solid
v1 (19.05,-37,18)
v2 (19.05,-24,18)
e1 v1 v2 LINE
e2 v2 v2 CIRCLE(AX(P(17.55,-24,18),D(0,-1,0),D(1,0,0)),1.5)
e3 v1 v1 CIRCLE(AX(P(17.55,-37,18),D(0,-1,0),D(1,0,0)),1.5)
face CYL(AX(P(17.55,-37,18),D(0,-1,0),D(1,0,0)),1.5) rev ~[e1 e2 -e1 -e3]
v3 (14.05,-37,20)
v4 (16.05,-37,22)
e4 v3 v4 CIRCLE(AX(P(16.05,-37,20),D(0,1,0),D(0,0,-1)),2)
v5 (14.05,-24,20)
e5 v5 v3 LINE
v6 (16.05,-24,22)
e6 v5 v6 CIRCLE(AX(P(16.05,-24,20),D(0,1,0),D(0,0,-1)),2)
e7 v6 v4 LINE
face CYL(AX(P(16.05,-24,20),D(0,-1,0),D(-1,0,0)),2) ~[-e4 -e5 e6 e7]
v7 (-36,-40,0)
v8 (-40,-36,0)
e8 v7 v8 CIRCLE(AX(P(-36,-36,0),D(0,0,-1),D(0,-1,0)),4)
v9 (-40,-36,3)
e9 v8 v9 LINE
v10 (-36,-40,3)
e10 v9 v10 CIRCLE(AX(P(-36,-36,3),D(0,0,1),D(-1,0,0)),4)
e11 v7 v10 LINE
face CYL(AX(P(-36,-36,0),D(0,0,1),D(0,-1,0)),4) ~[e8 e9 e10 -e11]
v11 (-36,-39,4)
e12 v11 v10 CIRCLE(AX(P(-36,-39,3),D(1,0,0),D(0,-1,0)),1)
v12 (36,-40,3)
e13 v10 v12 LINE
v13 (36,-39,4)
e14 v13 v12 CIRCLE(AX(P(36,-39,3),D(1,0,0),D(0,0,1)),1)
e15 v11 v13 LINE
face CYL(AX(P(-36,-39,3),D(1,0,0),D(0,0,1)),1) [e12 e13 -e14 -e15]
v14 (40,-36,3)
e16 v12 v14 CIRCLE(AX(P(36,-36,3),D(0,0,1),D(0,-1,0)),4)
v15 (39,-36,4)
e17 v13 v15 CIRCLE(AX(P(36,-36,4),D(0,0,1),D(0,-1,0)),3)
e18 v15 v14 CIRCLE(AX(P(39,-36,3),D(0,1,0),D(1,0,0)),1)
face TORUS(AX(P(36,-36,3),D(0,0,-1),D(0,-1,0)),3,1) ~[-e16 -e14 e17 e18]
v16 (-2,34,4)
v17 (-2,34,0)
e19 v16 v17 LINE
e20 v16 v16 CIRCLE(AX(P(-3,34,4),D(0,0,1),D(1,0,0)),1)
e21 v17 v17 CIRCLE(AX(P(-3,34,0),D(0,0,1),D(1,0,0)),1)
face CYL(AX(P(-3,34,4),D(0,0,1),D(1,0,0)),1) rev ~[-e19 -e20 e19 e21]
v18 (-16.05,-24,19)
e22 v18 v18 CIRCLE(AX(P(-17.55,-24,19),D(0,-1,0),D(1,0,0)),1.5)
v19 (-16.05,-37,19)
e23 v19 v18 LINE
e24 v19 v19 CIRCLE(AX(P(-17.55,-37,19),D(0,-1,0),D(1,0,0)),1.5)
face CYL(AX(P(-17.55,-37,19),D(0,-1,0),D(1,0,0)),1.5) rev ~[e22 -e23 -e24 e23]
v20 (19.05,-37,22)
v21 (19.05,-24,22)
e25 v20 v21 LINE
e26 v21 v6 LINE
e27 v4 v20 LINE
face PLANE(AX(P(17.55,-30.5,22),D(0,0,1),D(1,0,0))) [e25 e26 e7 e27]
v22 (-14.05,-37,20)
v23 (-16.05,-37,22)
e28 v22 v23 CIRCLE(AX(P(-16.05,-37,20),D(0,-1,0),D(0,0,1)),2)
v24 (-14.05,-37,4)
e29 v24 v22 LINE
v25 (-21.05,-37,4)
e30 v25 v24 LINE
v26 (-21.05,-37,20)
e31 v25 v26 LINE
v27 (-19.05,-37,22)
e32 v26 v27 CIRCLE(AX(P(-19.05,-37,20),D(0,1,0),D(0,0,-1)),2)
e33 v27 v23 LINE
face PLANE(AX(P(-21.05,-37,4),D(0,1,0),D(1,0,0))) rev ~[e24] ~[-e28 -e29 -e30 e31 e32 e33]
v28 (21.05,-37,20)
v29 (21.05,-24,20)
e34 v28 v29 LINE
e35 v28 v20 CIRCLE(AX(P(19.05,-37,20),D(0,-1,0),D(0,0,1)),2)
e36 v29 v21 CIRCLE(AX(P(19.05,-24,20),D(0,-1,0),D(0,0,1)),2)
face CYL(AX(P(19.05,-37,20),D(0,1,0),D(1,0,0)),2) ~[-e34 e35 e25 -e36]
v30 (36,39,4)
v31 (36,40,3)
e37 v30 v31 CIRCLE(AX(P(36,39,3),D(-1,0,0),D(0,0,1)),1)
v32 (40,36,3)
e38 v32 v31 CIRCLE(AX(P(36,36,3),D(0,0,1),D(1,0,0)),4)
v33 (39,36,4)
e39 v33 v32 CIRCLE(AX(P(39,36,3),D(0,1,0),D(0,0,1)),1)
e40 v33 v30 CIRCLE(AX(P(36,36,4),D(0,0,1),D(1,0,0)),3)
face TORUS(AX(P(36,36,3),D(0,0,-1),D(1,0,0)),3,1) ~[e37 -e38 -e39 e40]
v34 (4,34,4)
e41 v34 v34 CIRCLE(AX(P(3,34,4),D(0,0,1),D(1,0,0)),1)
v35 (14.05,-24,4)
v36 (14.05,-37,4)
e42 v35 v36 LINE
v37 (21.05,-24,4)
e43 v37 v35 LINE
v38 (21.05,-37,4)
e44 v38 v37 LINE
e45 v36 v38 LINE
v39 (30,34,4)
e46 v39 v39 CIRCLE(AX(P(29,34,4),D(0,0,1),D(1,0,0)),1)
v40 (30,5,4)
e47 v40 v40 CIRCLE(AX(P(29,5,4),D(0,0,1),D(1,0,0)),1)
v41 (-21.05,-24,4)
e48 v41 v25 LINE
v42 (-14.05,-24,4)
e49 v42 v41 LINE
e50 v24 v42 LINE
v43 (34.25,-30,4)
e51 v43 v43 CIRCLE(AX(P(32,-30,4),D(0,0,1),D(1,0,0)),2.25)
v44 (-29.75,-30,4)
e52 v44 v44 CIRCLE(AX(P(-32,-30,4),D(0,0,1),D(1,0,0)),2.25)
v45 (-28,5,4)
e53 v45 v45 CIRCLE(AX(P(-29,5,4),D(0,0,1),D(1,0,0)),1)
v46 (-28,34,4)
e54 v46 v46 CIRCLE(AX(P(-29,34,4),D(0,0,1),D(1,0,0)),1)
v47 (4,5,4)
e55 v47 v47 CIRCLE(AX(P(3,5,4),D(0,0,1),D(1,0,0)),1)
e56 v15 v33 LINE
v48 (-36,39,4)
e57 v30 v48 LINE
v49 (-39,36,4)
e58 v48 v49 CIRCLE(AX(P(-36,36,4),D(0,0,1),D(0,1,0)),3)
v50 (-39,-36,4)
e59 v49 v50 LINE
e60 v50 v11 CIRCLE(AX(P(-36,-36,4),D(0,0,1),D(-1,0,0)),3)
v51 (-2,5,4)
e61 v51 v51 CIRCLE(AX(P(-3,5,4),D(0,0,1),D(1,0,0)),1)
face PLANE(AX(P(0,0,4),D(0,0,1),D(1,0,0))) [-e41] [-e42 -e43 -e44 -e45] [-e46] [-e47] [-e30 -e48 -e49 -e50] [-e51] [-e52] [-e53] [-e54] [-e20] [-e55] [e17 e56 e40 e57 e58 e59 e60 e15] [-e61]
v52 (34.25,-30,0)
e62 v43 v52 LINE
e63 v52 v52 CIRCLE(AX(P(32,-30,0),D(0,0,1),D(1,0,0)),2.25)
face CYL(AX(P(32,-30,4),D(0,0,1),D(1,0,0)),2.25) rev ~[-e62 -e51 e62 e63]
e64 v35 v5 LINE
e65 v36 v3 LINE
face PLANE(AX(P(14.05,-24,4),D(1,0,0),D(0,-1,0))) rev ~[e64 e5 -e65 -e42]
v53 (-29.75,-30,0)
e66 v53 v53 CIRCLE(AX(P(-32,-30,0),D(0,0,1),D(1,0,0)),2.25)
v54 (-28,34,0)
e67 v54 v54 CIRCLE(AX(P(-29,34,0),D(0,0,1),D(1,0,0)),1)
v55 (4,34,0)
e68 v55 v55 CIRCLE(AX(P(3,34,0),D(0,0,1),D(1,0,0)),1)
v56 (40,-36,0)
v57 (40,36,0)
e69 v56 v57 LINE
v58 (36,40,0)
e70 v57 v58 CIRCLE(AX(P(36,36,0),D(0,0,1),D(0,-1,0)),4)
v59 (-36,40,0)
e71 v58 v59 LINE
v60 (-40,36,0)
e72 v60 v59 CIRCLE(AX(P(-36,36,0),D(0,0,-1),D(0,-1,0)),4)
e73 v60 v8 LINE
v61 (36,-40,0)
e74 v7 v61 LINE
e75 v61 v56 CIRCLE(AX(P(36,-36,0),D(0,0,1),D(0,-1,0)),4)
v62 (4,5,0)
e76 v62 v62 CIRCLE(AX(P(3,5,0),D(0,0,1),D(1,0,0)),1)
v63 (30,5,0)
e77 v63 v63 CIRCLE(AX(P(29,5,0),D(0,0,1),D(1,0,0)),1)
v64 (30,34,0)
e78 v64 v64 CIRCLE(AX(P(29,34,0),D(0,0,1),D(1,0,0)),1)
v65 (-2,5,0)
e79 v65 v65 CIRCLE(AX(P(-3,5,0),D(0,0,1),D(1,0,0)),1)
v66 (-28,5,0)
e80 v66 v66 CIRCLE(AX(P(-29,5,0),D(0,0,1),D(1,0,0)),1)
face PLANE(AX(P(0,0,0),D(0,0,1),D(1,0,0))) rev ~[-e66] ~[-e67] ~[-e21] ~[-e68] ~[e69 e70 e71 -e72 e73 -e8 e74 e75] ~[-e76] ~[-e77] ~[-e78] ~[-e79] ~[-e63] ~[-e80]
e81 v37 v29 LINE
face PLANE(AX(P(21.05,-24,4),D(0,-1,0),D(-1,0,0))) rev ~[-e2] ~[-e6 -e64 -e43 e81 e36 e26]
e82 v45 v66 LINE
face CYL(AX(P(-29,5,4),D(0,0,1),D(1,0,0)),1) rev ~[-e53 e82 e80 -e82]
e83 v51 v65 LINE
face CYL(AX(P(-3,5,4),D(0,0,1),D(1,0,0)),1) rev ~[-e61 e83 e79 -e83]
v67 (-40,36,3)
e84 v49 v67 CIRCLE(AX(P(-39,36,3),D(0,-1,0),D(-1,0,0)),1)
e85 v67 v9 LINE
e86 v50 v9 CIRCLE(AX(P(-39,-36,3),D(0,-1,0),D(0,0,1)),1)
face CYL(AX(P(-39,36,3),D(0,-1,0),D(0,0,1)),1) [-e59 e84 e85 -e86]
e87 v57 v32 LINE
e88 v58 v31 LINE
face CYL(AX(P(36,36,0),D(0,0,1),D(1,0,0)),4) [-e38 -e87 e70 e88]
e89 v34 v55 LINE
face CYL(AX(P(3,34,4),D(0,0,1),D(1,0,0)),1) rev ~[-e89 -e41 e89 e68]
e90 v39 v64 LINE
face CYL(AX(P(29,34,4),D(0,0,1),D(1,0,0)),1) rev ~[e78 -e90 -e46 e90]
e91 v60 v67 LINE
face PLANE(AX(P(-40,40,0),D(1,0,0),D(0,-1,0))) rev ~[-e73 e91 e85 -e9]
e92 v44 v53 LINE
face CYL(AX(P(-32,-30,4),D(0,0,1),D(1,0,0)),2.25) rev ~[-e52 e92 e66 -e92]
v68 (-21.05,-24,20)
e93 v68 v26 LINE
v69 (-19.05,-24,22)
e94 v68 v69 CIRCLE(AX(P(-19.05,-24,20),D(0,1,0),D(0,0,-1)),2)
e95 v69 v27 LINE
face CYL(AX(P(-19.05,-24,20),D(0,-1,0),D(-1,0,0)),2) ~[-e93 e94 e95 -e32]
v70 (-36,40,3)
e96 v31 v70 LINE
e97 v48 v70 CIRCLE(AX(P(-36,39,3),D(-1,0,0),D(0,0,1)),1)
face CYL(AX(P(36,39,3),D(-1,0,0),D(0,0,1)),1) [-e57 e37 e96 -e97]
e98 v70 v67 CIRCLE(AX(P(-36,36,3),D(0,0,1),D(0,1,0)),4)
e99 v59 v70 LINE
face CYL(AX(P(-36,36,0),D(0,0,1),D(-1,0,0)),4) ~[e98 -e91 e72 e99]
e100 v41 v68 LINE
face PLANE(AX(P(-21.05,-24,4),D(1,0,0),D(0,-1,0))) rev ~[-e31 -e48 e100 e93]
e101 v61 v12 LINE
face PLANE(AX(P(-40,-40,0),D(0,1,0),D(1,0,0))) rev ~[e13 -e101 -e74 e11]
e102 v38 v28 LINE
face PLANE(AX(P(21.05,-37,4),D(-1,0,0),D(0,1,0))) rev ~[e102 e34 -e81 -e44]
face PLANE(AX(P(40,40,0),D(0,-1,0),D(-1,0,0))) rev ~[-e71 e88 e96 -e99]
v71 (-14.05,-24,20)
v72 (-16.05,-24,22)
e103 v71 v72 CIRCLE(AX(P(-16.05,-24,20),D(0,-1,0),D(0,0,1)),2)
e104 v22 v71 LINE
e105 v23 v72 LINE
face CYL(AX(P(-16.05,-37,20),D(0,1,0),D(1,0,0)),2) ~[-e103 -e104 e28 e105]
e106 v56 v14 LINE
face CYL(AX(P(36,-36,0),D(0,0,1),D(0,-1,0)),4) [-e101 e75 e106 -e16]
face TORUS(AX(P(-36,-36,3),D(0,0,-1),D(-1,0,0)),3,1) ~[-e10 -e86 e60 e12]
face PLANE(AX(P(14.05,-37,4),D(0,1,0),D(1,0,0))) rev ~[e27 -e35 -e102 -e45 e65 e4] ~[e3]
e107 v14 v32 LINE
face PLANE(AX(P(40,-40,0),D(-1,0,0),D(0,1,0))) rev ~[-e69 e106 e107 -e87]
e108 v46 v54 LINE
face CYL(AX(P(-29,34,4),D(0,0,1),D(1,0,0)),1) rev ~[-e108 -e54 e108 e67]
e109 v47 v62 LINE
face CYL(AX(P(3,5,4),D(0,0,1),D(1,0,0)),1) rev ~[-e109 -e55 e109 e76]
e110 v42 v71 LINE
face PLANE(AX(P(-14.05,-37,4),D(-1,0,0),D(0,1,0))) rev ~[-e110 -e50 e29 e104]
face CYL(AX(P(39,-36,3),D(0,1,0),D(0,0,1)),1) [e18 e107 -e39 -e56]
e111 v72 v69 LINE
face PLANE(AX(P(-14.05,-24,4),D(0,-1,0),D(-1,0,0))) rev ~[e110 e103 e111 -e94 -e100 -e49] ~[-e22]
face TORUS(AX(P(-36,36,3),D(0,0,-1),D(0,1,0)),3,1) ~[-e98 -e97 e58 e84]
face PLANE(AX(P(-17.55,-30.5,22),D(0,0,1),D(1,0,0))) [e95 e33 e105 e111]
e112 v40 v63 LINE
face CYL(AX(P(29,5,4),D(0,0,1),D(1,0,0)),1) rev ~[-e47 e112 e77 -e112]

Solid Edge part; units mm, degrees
sketch "Sketch1" plane through (0, 0, 0) normal (0, 0, 1) x (1, 0, 0)
  line L0 (-40, -40) -> (40, -40)
  line L1 (40, -40) -> (40, 40)
  line L2 (40, 40) -> (-40, 40)
  line L3 (-40, 40) -> (-40, -40)
extrude "Protrusion1" add sketch "Sketch1" along normal blind 4
sketch "Sketch2" plane through (0, 0, 4) normal (0, 0, 1) x (1, 0, 0)
  line L0 (-14.05, -37) -> (-14.05, -24)
  line L1 (-14.05, -24) -> (-21.05, -24)
  line L2 (-21.05, -24) -> (-21.05, -37)
  line L3 (-21.05, -37) -> (-14.05, -37)
  line L4 (14.05, -24) -> (14.05, -37)
  line L5 (14.05, -37) -> (21.05, -37)
  line L6 (21.05, -37) -> (21.05, -24)
  line L7 (21.05, -24) -> (14.05, -24)
  dimension "D1" = 13
  dimension "D2" = 7
  dimension "D3" = 13
  dimension "D4" = 7
  dimension "D5" = 28.1
  dimension "D6" = 14.05
  dimension "D7" = 3
  dimension "D8" = 3
extrude "Extrusionsausprägung_2" add sketch "Sketch2" along normal blind 18
sketch "Sketch3" plane through (-18.15, -37, 13) normal (0, -1, 0) x (1, 0, 0)
  circle A0 centre (0.6, 6) radius 1.5
extrude "Extrusionsausschnitt_1" cut sketch "Sketch3" against normal blind 38.6
sketch "Sketch4" plane through (18.15, -37, 13) normal (0, -1, 0) x (1, 0, 0)
  circle A0 centre (-0.6, 5) radius 1.5
extrude "Extrusionsausschnitt_2" cut sketch "Sketch4" against normal blind 51.3
fillet "Verrundung_1" radius 2 4 edges at (-21.05, -30.5, 22) (-14.05, -30.5, 22) (14.05, -30.5, 22) (21.05, -30.5, 22)
sketch "Sketch5" plane through (0, 0, 4) normal (0, 0, 1) x (1, 0, 0)
  circle A0 centre (32, -30) radius 2.25
  circle A1 centre (29, 5) radius 1
  circle A2 centre (29, 34) radius 1
  circle A3 centre (3, 5) radius 1
  circle A4 centre (-3, 5) radius 1
  circle A5 centre (3, 34) radius 1
  circle A6 centre (-3, 34) radius 1
  circle A7 centre (-29, 34) radius 1
  circle A8 centre (-29, 5) radius 1
  circle A9 centre (-32, -30) radius 2.25
  dimension "D1" = 2
  dimension "D2" = 2
  dimension "D3" = 2
  dimension "D4" = 2
  dimension "D5" = 26
  dimension "D6" = 29
  dimension "D7" = 2
  dimension "D8" = 2
  dimension "D9" = 2
  dimension "D10" = 2
  dimension "D11" = 29
  dimension "D12" = 26
  dimension "D13" = 6
  dimension "D14" = 45
  dimension "D15" = 3
  dimension "D16" = 4.5
  dimension "D17" = 4.5
  dimension "D18" = 8
  dimension "D19" = 8
  dimension "D20" = 10
extrude "Cutout1" cut sketch "Sketch5" against normal blind 112.1
fillet "Verrundung_2" radius 4 4 edges at (-40, 40, 2) (-40, -40, 2) (40, -40, 2) (40, 40, 2)
fillet "Verrundung_3" radius 1 8 edges at (0, 40, 4) (-38.8284, 38.8284, 4) (-40, 0, 4) (-38.8284, -38.8284, 4) (0, -40, 4) (38.8284, -38.8284, 4) (40, 0, 4) (38.8284, 38.8284, 4)
